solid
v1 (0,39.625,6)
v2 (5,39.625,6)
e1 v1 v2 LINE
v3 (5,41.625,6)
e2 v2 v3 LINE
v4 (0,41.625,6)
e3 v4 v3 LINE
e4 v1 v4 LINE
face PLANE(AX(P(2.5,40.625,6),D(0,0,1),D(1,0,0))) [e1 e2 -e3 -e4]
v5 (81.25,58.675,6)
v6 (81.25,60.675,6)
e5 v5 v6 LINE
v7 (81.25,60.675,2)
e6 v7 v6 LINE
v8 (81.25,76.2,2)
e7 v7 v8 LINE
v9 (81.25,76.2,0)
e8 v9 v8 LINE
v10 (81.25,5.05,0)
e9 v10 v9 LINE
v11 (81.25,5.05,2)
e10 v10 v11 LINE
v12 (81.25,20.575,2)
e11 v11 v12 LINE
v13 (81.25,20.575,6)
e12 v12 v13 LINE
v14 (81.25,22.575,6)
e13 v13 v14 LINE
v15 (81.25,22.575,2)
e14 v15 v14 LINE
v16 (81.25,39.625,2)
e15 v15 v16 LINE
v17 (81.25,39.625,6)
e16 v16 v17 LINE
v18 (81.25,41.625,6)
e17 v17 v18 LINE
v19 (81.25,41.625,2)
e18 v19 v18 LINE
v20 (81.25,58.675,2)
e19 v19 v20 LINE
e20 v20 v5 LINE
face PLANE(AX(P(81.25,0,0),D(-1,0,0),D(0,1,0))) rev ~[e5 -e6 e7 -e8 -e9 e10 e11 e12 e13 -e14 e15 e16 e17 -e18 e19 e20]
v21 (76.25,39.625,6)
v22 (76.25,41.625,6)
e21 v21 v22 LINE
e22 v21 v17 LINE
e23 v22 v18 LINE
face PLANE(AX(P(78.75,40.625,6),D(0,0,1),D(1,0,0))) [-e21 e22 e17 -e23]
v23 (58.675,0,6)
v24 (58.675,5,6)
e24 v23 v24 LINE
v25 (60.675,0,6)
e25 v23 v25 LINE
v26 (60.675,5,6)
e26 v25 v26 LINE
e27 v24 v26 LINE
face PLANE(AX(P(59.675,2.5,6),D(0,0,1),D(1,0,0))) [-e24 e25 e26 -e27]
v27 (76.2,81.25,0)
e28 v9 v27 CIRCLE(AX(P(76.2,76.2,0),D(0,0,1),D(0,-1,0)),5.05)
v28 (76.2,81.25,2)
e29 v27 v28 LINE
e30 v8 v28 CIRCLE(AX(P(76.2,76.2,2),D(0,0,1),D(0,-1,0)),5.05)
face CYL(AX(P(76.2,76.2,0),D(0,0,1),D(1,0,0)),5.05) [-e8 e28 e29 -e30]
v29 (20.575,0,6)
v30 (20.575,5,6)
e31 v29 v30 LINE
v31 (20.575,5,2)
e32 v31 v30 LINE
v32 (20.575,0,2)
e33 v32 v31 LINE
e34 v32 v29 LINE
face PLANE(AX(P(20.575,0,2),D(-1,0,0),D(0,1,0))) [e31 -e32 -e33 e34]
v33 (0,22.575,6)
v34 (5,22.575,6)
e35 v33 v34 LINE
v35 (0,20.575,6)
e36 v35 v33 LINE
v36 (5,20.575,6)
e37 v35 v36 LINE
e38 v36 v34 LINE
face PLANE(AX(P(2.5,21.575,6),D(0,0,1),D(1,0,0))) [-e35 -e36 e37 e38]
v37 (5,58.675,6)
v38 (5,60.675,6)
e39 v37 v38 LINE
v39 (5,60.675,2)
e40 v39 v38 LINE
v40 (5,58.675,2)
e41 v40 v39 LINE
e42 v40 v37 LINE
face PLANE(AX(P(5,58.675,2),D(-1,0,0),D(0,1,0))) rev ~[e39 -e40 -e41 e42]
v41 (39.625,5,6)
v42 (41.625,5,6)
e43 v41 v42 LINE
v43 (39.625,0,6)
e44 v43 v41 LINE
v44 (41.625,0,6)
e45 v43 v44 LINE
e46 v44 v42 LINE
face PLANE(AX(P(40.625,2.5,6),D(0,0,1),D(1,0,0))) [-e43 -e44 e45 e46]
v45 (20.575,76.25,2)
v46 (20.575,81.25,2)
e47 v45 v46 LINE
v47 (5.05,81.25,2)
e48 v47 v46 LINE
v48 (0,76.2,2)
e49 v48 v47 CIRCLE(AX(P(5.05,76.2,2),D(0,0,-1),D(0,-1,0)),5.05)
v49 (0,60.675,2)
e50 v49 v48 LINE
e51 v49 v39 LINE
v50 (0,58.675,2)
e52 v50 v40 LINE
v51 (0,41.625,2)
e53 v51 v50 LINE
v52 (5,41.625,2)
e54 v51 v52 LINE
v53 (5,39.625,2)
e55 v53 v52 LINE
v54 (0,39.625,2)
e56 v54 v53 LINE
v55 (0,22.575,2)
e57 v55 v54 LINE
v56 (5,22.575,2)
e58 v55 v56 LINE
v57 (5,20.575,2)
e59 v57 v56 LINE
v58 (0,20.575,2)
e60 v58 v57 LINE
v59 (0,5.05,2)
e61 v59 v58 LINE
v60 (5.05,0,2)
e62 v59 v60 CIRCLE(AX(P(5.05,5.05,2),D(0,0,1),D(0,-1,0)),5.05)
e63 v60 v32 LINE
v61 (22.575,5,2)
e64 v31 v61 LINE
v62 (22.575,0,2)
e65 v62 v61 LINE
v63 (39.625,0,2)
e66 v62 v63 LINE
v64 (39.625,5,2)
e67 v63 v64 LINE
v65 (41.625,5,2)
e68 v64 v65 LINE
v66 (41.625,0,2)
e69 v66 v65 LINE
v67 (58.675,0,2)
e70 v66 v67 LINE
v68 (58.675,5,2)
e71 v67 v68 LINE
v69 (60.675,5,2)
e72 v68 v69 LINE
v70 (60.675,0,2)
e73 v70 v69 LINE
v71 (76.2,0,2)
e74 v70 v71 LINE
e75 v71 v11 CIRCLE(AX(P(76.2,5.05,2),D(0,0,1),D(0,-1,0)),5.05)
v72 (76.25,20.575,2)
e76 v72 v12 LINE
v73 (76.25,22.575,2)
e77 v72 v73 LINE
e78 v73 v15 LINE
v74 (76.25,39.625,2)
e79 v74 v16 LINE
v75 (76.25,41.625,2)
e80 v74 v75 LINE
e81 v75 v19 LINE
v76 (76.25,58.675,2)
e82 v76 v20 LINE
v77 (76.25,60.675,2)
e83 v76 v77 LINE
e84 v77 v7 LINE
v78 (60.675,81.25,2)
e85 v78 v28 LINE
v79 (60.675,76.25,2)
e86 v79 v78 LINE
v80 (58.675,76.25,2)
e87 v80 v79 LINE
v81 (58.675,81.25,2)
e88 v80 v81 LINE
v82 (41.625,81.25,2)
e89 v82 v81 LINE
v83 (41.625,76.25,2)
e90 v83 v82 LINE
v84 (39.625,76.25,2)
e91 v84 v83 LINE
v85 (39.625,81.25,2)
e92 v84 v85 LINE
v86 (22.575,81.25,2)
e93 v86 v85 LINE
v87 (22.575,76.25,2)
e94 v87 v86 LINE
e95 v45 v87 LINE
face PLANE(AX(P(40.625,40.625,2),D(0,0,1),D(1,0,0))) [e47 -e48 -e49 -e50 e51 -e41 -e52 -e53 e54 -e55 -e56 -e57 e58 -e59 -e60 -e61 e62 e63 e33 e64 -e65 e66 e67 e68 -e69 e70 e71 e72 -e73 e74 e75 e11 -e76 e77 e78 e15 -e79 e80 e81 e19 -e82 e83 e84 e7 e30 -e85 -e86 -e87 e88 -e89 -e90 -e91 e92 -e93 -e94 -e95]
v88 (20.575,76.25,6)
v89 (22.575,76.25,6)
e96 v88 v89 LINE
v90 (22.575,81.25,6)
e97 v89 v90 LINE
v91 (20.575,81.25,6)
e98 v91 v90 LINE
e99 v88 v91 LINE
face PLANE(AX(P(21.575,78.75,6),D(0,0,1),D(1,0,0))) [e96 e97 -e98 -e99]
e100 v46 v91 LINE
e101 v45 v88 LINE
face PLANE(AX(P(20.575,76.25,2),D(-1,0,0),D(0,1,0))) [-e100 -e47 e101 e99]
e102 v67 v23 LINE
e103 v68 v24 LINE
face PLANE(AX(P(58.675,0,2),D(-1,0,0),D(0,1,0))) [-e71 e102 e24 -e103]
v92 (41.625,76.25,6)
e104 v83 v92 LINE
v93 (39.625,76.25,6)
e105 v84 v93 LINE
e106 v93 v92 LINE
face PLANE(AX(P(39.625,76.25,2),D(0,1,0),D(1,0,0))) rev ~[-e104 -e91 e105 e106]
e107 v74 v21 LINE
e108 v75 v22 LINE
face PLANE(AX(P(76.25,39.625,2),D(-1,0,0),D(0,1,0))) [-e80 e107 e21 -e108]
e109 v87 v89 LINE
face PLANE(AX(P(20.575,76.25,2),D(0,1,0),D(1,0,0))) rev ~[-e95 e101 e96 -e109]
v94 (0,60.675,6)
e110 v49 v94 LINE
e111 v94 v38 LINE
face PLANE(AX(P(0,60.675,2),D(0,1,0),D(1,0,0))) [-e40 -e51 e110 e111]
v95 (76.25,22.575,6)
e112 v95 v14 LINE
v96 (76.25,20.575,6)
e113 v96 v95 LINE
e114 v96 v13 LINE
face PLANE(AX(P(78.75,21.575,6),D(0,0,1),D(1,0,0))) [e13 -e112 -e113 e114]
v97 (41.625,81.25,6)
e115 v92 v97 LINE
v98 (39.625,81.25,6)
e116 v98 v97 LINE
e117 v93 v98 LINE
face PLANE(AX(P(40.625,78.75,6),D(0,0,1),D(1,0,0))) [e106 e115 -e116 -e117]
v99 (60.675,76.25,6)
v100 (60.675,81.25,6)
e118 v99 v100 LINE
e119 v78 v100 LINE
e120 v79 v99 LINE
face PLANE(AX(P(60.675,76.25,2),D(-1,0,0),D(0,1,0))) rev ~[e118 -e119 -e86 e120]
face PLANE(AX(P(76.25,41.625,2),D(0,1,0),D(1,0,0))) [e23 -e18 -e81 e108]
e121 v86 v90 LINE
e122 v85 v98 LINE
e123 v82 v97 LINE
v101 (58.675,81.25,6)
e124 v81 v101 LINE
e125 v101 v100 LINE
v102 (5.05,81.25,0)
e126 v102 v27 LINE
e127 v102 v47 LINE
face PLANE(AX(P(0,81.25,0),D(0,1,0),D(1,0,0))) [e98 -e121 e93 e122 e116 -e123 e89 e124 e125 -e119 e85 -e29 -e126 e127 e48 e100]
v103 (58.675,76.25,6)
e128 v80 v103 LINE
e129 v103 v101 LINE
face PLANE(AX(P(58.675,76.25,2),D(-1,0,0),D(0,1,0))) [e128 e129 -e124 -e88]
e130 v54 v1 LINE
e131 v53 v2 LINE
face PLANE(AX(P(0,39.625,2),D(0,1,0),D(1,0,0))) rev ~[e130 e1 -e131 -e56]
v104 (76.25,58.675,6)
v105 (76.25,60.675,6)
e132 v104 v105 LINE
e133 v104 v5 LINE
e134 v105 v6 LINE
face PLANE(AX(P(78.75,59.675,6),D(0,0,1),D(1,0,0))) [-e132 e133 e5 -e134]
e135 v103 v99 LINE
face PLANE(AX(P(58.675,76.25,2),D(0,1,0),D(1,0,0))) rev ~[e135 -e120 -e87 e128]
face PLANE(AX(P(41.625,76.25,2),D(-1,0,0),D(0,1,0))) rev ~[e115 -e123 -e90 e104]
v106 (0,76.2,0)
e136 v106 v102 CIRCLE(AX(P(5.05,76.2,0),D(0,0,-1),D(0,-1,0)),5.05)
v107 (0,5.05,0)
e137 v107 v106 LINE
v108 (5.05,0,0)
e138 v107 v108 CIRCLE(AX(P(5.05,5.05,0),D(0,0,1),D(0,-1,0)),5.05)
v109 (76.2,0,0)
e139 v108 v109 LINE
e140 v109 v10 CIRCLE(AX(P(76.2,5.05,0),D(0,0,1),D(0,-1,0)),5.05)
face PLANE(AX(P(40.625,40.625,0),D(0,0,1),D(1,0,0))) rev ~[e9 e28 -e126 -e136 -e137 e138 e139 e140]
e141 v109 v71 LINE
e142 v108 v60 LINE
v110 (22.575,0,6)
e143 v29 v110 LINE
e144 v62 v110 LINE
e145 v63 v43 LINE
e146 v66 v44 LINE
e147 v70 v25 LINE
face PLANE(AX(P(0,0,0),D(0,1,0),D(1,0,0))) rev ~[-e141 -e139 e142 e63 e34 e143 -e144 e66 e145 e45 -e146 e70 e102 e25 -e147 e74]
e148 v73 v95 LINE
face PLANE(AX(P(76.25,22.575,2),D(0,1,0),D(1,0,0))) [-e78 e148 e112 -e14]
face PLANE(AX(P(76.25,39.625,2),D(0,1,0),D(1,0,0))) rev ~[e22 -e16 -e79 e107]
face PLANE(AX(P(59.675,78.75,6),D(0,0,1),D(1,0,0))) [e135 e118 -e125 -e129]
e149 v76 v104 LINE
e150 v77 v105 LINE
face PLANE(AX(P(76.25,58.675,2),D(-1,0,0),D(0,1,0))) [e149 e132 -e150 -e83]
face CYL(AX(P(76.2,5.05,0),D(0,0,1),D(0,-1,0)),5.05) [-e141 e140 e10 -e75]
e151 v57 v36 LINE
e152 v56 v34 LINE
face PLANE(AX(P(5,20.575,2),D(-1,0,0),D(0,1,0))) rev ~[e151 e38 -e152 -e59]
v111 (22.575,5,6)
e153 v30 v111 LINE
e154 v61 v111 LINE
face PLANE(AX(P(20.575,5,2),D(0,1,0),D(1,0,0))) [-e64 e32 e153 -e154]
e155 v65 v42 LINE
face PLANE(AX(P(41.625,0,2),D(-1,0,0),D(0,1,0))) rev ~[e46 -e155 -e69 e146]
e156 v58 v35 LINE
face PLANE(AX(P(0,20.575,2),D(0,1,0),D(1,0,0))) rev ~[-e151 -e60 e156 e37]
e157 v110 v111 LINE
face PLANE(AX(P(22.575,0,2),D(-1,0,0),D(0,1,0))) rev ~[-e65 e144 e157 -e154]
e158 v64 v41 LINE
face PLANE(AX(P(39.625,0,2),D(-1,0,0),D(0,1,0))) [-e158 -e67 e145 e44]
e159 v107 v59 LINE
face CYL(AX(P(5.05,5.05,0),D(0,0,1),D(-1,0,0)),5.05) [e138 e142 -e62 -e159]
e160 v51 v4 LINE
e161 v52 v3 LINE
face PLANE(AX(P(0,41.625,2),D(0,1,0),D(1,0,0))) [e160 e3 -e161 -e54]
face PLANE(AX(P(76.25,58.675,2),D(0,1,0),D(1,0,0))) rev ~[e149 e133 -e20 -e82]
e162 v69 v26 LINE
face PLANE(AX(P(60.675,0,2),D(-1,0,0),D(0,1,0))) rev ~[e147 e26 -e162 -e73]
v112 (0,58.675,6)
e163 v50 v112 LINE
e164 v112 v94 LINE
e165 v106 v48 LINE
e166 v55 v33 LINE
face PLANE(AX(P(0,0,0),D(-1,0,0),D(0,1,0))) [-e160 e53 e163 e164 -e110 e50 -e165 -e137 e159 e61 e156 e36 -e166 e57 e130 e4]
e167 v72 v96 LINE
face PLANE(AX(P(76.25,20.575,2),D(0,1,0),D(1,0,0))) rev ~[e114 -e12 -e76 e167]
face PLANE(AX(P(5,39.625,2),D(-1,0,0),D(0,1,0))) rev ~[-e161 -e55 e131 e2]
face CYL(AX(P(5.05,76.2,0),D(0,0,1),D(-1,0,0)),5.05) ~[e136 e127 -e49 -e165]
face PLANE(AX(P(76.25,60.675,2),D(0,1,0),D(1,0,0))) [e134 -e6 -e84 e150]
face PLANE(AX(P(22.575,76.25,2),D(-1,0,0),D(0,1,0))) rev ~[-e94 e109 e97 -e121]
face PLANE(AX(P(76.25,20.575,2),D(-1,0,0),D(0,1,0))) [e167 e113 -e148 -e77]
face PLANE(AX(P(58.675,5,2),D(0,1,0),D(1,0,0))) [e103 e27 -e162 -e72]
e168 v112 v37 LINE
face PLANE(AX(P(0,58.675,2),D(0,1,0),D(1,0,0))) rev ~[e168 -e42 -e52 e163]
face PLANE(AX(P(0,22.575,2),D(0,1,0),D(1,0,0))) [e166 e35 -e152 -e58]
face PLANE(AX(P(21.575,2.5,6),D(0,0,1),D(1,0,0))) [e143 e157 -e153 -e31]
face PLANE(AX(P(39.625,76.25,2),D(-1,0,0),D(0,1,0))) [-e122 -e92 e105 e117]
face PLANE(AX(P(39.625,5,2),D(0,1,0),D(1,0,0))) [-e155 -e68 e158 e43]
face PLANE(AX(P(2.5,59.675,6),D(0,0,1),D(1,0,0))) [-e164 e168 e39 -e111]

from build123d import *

# Parameters (mm, degrees)
SKETCH_W      = 81.25
SKETCH_H      = 81.25
PAD_DEPTH     = 2
FILLET_R      = 5.05
SKETCH001_W   = 2
SKETCH001_H   = 5
SKETCH001_W_2 = 5
SKETCH001_H_2 = 2
PAD001_DEPTH  = 4


with BuildPart() as part:
    # Sketch → Pad (new body)
    with BuildSketch(Plane.XY):
        with Locations((40.625, 40.625)):
            Rectangle(SKETCH_W, SKETCH_H)
    extrude(amount=PAD_DEPTH)

    # Fillet
    fillet_edges = [part.edges().sort_by_distance(p)[0] for p in [
        (81.25, 0, 1),
        (0, 0, 1),
        (0, 81.25, 1),
        (81.25, 81.25, 1),
    ]]
    fillet(fillet_edges, radius=FILLET_R)

    # Sketch001 (on Face5 of Fillet) → Pad001 (join)
    with BuildSketch(Plane.XY.offset(2)):
        with Locations((21.575, 78.75)):
            Rectangle(SKETCH001_W, SKETCH001_H)
        with Locations((40.625, 78.75)):
            Rectangle(SKETCH001_W, SKETCH001_H)
        with Locations((59.675, 78.75)):
            Rectangle(SKETCH001_W, SKETCH001_H)
        with Locations((40.625, 2.5)):
            Rectangle(SKETCH001_W, SKETCH001_H)
        with Locations((59.675, 2.5)):
            Rectangle(SKETCH001_W, SKETCH001_H)
        with Locations((21.575, 2.5)):
            Rectangle(SKETCH001_W, SKETCH001_H)
        with Locations((78.75, 40.625)):
            Rectangle(SKETCH001_W_2, SKETCH001_H_2)
        with Locations((2.5, 40.625)):
            Rectangle(SKETCH001_W_2, SKETCH001_H_2)
        with Locations((78.75, 59.675)):
            Rectangle(SKETCH001_W_2, SKETCH001_H_2)
        with Locations((78.75, 21.575)):
            Rectangle(SKETCH001_W_2, SKETCH001_H_2)
        with Locations((2.5, 59.675)):
            Rectangle(SKETCH001_W_2, SKETCH001_H_2)
        with Locations((2.5, 21.575)):
            Rectangle(SKETCH001_W_2, SKETCH001_H_2)
    extrude(amount=PAD001_DEPTH)


solid = part.part
